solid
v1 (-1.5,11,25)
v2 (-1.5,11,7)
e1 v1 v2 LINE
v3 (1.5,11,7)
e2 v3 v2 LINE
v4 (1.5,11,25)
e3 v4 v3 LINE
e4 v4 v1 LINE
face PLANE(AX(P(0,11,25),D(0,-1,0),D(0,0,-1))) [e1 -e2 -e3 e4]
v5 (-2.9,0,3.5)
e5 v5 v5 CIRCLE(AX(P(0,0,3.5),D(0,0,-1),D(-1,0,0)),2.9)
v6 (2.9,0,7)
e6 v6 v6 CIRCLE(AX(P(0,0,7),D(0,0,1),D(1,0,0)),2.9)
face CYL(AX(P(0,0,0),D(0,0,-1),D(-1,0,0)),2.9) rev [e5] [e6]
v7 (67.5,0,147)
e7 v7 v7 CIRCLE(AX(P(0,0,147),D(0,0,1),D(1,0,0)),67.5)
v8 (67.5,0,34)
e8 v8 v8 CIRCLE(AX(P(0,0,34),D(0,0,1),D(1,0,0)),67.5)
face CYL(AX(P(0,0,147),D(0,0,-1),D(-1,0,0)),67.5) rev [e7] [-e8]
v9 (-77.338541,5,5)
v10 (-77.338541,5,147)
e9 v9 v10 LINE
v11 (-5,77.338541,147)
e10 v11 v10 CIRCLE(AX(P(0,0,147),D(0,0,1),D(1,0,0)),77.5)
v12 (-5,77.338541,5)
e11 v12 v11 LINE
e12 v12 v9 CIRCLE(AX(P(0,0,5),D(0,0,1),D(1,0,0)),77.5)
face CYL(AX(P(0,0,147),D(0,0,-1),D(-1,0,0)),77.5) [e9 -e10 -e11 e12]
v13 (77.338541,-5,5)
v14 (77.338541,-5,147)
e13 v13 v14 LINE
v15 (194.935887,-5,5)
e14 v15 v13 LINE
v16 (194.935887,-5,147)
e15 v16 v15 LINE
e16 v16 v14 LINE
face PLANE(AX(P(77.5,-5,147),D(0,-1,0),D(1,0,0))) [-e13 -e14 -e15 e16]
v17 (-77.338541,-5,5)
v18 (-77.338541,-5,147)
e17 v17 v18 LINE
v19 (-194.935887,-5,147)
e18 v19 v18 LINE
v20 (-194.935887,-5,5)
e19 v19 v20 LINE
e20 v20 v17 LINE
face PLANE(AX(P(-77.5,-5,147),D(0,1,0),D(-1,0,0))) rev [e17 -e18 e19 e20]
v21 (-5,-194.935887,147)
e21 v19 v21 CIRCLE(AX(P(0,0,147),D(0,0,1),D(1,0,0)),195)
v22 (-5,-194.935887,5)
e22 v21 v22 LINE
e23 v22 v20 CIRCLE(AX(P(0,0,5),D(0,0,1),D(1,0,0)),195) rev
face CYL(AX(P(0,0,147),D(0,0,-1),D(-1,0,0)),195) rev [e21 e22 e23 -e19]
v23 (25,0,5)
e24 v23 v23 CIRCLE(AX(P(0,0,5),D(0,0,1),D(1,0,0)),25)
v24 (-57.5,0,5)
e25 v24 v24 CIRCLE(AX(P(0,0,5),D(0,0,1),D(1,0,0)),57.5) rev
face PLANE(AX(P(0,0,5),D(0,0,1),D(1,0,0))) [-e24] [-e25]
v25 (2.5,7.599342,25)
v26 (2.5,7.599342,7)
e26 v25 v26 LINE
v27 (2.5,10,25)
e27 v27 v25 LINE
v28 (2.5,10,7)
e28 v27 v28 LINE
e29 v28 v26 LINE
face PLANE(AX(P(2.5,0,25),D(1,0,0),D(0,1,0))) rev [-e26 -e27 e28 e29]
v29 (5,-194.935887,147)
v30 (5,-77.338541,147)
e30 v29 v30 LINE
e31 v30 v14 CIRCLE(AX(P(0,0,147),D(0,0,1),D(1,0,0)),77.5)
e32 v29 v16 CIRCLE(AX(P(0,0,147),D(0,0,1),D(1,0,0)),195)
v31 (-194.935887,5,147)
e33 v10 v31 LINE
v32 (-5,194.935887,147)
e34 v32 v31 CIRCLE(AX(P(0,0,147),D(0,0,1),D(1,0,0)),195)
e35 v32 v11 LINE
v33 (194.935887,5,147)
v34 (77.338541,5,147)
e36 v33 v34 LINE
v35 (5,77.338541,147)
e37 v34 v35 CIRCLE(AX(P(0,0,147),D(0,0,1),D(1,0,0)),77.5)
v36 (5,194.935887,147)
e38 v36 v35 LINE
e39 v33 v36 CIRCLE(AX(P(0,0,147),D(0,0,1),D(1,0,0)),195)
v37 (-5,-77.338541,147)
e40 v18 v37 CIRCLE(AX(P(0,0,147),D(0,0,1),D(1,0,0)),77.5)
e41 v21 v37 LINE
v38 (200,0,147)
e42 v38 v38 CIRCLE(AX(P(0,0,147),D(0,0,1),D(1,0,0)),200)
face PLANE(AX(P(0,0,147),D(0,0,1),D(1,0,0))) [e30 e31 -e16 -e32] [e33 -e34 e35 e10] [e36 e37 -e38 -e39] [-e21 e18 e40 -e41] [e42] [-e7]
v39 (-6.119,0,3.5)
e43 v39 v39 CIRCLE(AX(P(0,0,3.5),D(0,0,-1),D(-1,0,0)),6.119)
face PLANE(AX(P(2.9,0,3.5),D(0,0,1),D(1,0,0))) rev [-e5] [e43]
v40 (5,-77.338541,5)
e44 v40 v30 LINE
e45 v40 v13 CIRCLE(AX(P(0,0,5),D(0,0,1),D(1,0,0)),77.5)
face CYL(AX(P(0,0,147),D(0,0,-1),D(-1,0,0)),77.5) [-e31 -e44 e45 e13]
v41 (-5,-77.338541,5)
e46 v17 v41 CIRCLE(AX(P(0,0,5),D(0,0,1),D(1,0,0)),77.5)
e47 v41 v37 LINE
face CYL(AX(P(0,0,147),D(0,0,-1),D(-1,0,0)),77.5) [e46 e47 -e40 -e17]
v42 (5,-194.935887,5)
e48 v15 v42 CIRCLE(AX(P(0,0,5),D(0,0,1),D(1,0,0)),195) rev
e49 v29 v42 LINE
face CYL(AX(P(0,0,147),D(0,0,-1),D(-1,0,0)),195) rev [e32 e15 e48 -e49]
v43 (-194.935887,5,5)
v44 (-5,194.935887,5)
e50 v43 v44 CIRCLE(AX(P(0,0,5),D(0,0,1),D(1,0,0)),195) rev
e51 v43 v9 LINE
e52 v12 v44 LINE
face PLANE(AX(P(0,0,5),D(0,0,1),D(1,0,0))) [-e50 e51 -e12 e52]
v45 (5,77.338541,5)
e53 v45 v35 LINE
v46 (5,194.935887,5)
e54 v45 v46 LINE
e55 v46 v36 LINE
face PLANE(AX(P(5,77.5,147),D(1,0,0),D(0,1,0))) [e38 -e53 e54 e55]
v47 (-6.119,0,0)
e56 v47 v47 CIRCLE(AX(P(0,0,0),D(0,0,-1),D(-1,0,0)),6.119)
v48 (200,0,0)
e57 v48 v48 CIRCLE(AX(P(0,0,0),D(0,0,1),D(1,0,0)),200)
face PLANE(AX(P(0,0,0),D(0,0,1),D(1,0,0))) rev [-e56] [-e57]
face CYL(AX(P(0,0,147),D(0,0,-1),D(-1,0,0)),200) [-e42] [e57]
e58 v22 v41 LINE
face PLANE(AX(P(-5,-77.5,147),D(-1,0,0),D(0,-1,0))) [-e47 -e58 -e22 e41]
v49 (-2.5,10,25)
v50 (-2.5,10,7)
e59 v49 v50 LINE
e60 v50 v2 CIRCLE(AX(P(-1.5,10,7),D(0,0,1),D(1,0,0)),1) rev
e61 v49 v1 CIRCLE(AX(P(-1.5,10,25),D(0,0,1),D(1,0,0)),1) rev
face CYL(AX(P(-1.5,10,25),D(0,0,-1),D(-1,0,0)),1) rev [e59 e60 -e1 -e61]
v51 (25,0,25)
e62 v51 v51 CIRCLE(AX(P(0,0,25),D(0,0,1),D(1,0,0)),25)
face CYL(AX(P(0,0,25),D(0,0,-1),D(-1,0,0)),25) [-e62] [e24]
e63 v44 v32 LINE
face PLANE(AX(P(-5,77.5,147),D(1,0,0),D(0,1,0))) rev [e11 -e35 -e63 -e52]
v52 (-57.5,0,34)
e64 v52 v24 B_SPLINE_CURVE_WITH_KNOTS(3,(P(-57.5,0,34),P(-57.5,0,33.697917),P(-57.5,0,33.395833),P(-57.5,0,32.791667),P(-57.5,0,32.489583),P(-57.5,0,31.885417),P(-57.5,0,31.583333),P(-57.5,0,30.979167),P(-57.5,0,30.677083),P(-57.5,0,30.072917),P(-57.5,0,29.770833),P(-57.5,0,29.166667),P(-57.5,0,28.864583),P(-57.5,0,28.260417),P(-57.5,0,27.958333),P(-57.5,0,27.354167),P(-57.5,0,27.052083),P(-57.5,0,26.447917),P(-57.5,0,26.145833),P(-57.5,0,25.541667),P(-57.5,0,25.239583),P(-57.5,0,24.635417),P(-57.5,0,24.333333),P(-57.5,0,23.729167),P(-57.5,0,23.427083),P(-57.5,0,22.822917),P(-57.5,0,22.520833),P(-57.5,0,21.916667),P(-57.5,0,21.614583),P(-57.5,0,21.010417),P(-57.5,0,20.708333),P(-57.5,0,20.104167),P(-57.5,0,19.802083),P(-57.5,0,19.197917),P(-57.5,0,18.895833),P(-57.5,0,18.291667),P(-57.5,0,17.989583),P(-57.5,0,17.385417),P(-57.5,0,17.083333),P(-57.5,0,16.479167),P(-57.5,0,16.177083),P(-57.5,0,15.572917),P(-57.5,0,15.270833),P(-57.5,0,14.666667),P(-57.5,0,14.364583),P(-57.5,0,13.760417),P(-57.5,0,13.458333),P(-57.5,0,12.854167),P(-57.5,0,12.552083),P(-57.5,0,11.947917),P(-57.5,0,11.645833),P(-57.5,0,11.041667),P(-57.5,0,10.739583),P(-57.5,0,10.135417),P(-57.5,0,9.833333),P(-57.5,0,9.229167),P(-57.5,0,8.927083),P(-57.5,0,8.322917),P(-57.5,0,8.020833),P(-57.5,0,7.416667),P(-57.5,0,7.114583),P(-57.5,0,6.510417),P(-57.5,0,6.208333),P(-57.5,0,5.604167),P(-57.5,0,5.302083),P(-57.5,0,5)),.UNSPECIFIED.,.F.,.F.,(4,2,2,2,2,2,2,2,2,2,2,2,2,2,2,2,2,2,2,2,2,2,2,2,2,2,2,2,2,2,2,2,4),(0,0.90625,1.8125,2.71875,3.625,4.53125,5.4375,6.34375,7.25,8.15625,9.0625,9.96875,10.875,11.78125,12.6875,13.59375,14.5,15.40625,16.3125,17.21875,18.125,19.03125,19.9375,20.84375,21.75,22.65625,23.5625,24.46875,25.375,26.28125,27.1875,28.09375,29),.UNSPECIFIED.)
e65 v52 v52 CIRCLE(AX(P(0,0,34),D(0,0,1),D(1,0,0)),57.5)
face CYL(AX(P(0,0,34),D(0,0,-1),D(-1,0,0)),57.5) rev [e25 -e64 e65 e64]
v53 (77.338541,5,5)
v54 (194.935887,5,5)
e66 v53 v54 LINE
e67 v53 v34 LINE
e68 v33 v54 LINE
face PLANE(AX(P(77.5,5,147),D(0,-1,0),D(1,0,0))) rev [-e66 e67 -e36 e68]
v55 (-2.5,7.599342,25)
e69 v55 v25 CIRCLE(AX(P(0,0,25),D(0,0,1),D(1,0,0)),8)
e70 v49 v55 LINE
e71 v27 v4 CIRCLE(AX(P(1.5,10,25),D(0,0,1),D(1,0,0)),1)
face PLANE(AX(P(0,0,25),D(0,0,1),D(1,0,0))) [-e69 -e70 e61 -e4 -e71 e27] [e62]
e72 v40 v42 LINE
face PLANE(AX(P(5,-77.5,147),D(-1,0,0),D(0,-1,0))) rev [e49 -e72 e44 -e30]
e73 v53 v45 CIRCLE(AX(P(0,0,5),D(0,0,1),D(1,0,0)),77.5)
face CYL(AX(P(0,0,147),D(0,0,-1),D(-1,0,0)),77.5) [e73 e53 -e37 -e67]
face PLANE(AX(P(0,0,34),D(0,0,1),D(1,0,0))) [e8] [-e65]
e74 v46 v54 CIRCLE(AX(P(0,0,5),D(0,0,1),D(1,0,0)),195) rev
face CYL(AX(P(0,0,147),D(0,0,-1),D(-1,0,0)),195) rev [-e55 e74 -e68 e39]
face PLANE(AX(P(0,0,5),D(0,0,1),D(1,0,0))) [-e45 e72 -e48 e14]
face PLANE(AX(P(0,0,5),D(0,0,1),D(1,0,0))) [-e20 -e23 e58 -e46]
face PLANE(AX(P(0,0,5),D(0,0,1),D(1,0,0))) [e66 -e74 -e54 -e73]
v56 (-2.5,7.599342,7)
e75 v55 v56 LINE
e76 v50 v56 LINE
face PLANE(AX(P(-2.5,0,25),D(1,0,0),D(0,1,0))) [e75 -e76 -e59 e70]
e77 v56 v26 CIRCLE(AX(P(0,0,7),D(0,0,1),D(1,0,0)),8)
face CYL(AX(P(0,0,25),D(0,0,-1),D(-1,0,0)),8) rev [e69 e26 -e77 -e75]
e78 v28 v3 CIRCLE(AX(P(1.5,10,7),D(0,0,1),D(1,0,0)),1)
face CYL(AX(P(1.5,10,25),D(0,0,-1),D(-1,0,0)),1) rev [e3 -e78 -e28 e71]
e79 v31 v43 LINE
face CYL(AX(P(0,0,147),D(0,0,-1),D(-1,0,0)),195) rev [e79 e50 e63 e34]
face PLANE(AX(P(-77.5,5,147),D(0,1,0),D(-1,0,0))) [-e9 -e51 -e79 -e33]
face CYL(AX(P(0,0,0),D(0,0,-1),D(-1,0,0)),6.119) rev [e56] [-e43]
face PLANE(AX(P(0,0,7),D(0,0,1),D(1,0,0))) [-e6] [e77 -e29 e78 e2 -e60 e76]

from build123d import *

# Parameters (mm, degrees)
SKETCH1_R                               = 67.5
SKETCH1_R_2                             = 25
BOSS_EXTRUDE1_DEPTH                     = 5
SKETCH1_R_3                             = 195
SKETCH1_R_4                             = 77.5
BOSS_EXTRUDE1_2_DEPTH                   = 5
SKETCH1_4_R                             = 200
SKETCH1_4_R_2                           = 195
BOSS_EXTRUDE2_DEPTH                     = 147
SKETCH1_5_R                             = 77.5
SKETCH1_5_R_2                           = 67.5
BOSS_EXTRUDE3_DEPTH                     = 147
SKETCH1_6_R                             = 25
BOSS_EXTRUDE4_DEPTH                     = 25
BOSS_EXTRUDE5_DEPTH                     = 7
CBORE_FOR_M5_HEX_HEAD_BOLT1_D           = 5.8
CBORE_FOR_M5_HEX_HEAD_BOLT1_CBORE_D     = 12.238
CBORE_FOR_M5_HEX_HEAD_BOLT1_CBORE_DEPTH = 3.5
RIB1_REACH                              = 320.762
SKETCH4_WALLS_W                         = 10
SKETCH4_WALLS_H                         = 759.430387561
SKETCH4_WALLS_H_2                       = 759.674772851
SKETCH4_WALLS_W_2                       = 760.012833466
SKETCH4_WALLS_H_3                       = 10
SKETCH4_WALLS_W_3                       = 759.068922963
SKETCH5_R                               = 70
SKETCH5_R_2                             = 57.5
BOSS_EXTRUDE6_DEPTH                     = 29


with BuildPart() as part:
    # Sketch1 → Boss-Extrude1 (new body)
    with BuildSketch(Plane.XY):
        Circle(SKETCH1_R)
        Circle(SKETCH1_R_2, mode=Mode.SUBTRACT)
    extrude(amount=BOSS_EXTRUDE1_DEPTH)



with BuildPart() as body_2:
    # Sketch1 → Boss-Extrude1 2 (new body)
    with BuildSketch(Plane.XY):
        Circle(SKETCH1_R_3)
        Circle(SKETCH1_R_4, mode=Mode.SUBTRACT)
    extrude(amount=BOSS_EXTRUDE1_2_DEPTH)

    # Sketch1<4> → Boss-Extrude2 (add)
    with BuildSketch(Plane.XY):
        Circle(SKETCH1_4_R)
        Circle(SKETCH1_4_R_2, mode=Mode.SUBTRACT)
    extrude(amount=BOSS_EXTRUDE2_DEPTH)


with BuildPart() as part_1:
    add(part.part)

    add(body_2.part)  # Boss-Extrude3 merges body 2
    # Sketch1<5> → Boss-Extrude3 (add)
    with BuildSketch(Plane.XY):
        Circle(SKETCH1_5_R)
        Circle(SKETCH1_5_R_2, mode=Mode.SUBTRACT)
    extrude(amount=BOSS_EXTRUDE3_DEPTH)

    # Sketch1<6> → Boss-Extrude4 (add)
    with BuildSketch(Plane.XY):
        Circle(SKETCH1_6_R)
        with BuildLine():
            Line((-1.5, 11), (1.5, 11))
            ThreePointArc((1.5, 11), (2.207106781, 10.707106781), (2.5, 10))
            Line((2.5, 10), (2.5, 7.599342077))
            ThreePointArc((2.5, 7.599342077), (6.480740698, 4.69041576), (8, 0))
            ThreePointArc((8, 0), (-4.69041576, -6.480740698), (-2.5, 7.599342077))
            Line((-2.5, 7.599342077), (-2.5, 10))
            ThreePointArc((-2.5, 10), (-2.207106781, 10.707106781), (-1.5, 11))
        make_face(mode=Mode.SUBTRACT)
    extrude(amount=BOSS_EXTRUDE4_DEPTH)

    # Sketch1<7> → Boss-Extrude5 (add)
    with BuildSketch(Plane.XY):
        with BuildLine():
            ThreePointArc((2.5, 10), (2.207106781, 10.707106781), (1.5, 11))
            Line((1.5, 11), (-1.5, 11))
            ThreePointArc((-1.5, 11), (-2.207106781, 10.707106781), (-2.5, 10))
            Line((-2.5, 10), (-2.5, 7.599342077))
            ThreePointArc((-2.5, 7.599342077), (0, -8), (2.5, 7.599342077))
            Line((2.5, 7.599342077), (2.5, 10))
        make_face()
    extrude(amount=BOSS_EXTRUDE5_DEPTH)

    # CBORE for M5 Hex Head Bolt1 (through all)
    with Locations(Plane(origin=(0, 0, 0), x_dir=(-1, 0, 0), z_dir=(0, 0, -1))):
        with Locations((0, 0)):
            CounterBoreHole(CBORE_FOR_M5_HEX_HEAD_BOLT1_D / 2, CBORE_FOR_M5_HEX_HEAD_BOLT1_CBORE_D / 2, CBORE_FOR_M5_HEX_HEAD_BOLT1_CBORE_DEPTH)

    # Sketch4 walls → Rib1 (add, up to next)
    with BuildSketch(Plane.XY.offset(147), mode=Mode.PRIVATE) as rib1_sk1:
        with Locations((0, 137.453527328)):
            Rectangle(SKETCH4_WALLS_W, SKETCH4_WALLS_H)
    rib1_tool1 = extrude(rib1_sk1.sketch, amount=-RIB1_REACH, mode=Mode.PRIVATE) - part_1.part
    # Sketch4 walls → Rib1 (add, up to next)
    with BuildSketch(Plane.XY.offset(147), mode=Mode.PRIVATE) as rib1_sk2:
        with Locations((0, -137.575719973)):
            Rectangle(SKETCH4_WALLS_W, SKETCH4_WALLS_H_2)
    rib1_tool2 = extrude(rib1_sk2.sketch, amount=-RIB1_REACH, mode=Mode.PRIVATE) - part_1.part
    # Sketch4 walls → Rib1 (add, up to next)
    with BuildSketch(Plane.XY.offset(147), mode=Mode.PRIVATE) as rib1_sk3:
        with Locations((137.74475028, 0)):
            Rectangle(SKETCH4_WALLS_W_2, SKETCH4_WALLS_H_3)
    rib1_tool3 = extrude(rib1_sk3.sketch, amount=-RIB1_REACH, mode=Mode.PRIVATE) - part_1.part
    # Sketch4 walls → Rib1 (add, up to next)
    with BuildSketch(Plane.XY.offset(147), mode=Mode.PRIVATE) as rib1_sk4:
        with Locations((-137.272795029, 0)):
            Rectangle(SKETCH4_WALLS_W_3, SKETCH4_WALLS_H_3)
    rib1_tool4 = extrude(rib1_sk4.sketch, amount=-RIB1_REACH, mode=Mode.PRIVATE) - part_1.part
    add(rib1_tool1.solids().sort_by_distance((0, 137.453527328, 147))[0])
    add(rib1_tool2.solids().sort_by_distance((0, -137.575719973, 147))[0])
    add(rib1_tool3.solids().sort_by_distance((137.74475028, 0, 147))[0])
    add(rib1_tool4.solids().sort_by_distance((-137.272795028, 0, 147))[0])

    # Sketch5 → Boss-Extrude6 (add)
    with BuildSketch(Plane.XY.offset(5)):
        Circle(SKETCH5_R)
        Circle(SKETCH5_R_2, mode=Mode.SUBTRACT)
    extrude(amount=BOSS_EXTRUDE6_DEPTH)


solid = part_1.part
